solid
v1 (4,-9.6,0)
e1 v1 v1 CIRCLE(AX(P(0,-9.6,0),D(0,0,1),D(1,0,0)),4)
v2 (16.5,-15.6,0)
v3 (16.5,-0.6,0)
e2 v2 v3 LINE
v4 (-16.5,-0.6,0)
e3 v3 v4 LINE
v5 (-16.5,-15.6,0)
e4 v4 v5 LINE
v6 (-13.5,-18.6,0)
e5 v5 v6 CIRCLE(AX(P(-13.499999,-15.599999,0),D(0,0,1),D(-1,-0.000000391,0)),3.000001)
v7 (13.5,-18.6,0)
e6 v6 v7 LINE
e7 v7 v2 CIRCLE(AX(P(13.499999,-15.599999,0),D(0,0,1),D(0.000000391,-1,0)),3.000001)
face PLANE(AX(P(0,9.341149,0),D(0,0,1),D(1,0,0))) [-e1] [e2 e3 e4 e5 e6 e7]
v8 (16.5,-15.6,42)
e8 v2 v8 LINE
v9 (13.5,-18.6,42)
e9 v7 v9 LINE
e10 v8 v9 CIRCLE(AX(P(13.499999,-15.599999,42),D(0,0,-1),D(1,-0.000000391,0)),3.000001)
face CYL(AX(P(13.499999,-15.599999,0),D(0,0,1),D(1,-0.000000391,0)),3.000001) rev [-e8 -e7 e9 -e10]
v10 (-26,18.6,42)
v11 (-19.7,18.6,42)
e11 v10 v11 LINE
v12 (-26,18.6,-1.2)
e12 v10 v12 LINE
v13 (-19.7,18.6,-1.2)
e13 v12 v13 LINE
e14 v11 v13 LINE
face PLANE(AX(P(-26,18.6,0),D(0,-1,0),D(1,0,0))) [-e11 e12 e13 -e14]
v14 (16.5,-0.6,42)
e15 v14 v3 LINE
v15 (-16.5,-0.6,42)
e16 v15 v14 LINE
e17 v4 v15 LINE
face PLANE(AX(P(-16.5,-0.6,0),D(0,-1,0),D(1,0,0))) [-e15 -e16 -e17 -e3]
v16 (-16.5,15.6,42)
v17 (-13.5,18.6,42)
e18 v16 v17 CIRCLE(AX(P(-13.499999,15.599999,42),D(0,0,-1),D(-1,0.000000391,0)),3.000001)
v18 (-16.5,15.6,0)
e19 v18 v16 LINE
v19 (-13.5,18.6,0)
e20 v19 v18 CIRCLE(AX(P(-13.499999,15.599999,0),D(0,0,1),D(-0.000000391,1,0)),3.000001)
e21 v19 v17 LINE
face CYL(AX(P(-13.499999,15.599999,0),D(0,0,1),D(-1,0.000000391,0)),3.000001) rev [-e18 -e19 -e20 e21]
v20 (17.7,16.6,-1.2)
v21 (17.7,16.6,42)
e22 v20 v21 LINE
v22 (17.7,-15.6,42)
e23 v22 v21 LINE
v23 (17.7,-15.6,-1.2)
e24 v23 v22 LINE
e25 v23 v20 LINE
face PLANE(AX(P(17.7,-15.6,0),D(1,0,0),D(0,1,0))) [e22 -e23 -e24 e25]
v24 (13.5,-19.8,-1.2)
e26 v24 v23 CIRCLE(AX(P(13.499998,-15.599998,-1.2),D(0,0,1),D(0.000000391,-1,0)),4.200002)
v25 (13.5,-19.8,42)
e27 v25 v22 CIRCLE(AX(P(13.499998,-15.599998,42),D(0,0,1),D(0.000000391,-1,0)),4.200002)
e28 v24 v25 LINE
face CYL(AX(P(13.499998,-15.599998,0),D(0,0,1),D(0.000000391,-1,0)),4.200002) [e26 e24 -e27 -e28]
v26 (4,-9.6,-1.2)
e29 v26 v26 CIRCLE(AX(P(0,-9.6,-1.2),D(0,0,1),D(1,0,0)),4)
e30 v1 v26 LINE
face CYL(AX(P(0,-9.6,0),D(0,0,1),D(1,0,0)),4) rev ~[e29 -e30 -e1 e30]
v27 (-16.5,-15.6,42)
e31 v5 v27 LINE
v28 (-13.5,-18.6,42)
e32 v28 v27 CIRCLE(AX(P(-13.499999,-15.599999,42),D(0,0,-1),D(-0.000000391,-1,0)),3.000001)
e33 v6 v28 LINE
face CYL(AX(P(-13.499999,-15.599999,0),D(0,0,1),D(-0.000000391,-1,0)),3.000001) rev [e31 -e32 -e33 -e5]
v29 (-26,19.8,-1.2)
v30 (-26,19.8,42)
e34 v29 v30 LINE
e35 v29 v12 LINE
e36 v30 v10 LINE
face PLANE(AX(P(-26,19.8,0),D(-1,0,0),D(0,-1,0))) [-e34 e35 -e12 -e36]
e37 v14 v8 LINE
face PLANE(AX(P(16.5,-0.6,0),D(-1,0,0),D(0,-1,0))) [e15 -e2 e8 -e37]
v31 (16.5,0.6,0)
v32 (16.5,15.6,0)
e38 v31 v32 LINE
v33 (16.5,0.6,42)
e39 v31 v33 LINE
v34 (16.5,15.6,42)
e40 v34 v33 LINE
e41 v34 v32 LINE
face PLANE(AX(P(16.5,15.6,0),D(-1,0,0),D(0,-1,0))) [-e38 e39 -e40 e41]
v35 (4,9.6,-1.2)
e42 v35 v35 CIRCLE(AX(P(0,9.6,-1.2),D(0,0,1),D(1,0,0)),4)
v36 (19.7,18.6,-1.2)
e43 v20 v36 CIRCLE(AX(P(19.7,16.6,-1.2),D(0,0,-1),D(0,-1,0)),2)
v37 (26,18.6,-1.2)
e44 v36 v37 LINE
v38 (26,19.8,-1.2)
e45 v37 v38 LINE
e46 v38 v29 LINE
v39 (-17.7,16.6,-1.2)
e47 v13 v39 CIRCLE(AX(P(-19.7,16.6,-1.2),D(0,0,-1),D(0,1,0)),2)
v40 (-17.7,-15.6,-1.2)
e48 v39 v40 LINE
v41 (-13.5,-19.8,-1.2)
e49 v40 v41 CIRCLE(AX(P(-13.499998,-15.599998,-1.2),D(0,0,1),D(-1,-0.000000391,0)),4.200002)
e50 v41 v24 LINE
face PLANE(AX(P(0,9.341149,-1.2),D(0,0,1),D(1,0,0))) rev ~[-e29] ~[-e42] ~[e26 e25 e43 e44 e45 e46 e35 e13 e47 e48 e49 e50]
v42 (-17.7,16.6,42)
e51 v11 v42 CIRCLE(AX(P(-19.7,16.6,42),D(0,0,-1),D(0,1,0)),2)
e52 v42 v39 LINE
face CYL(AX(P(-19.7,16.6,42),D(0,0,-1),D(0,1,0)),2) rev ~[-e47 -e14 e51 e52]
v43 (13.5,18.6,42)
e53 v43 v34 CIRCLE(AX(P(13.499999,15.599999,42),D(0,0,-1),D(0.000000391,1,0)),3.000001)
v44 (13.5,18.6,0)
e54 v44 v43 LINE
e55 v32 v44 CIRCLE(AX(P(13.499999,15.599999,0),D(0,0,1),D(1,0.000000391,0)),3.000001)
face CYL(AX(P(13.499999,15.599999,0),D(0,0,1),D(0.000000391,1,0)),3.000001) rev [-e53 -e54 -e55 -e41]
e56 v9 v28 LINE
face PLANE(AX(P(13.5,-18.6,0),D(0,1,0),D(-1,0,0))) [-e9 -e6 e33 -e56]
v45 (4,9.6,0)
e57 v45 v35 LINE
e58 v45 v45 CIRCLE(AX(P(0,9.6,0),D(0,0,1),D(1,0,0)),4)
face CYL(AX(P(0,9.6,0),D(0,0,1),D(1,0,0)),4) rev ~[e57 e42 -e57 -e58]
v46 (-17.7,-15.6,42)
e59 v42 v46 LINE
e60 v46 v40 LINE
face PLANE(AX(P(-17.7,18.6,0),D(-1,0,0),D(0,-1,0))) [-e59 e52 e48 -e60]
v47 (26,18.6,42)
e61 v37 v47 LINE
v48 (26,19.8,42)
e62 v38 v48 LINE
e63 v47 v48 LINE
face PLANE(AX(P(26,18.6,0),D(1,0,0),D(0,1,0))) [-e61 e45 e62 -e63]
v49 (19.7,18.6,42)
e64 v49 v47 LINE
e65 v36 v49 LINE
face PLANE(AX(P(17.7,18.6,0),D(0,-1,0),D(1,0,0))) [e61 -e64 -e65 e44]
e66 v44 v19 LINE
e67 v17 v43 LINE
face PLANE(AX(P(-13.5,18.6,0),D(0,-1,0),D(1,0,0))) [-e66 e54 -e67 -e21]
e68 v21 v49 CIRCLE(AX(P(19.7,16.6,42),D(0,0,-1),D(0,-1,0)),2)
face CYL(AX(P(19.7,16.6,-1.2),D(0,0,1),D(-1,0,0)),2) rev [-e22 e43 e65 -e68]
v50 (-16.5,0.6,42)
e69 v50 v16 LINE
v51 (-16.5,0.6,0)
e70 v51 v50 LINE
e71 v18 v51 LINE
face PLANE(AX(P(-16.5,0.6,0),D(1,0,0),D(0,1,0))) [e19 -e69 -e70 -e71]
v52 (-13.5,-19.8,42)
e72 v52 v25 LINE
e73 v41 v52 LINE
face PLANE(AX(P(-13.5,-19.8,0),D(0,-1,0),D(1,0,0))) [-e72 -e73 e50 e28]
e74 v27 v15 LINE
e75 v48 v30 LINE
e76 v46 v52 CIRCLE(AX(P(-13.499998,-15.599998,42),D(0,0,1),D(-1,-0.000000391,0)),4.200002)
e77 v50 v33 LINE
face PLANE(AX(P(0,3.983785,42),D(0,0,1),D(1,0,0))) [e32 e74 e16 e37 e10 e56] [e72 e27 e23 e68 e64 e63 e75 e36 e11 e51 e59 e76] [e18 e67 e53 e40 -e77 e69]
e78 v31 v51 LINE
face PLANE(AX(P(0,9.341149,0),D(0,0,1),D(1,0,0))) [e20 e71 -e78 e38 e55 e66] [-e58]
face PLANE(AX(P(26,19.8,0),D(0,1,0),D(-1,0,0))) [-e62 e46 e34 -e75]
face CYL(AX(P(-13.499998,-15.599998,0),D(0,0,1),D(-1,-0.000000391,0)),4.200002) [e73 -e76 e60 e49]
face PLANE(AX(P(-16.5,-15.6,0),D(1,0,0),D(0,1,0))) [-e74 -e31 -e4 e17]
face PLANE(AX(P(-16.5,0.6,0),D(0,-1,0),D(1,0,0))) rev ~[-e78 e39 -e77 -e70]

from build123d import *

# Parameters (mm, degrees)
F0_W          = 33
F0_H          = 1.2
F1_DEPTH      = 42
F1_DEPTH_BACK = 1.2
F0_R          = 4
F2_DEPTH      = 1.2
F3_R          = 2


with BuildPart() as f1:
    # F0 (on Top) → F1 (new body, two sides)
    with BuildSketch(Plane.XY) as f1_sk:
        with BuildLine():
            Line((-17.7, 15.6), (-17.7, -15.6))
            ThreePointArc((-17.7, -15.6), (-16.469848, -18.569848), (-13.5, -19.8))
            Line((-13.5, -19.8), (13.5, -19.8))
            ThreePointArc((13.5, -19.8), (16.469848, -18.569848), (17.7, -15.6))
            Line((17.7, -15.6), (17.7, 15.6))
            Line((17.7, 15.6), (17.7, 18.6))
            Line((17.7, 18.6), (26, 18.6))
            Line((26, 18.6), (26, 19.8))
            Line((26, 19.8), (-26, 19.8))
            Line((-26, 19.8), (-26, 18.6))
            Line((-26, 18.6), (-17.7, 18.6))
            Line((-17.7, 18.6), (-17.7, 15.6))
        make_face()
        with BuildLine():
            ThreePointArc((16.5, -15.6), (15.62132, -17.72132), (13.5, -18.6))
            Line((13.5, -18.6), (-13.5, -18.6))
            ThreePointArc((-13.5, -18.6), (-15.62132, -17.72132), (-16.5, -15.6))
            Line((-16.5, -15.6), (-16.5, -0.6))
            Line((-16.5, -0.6), (-16.5, 0.6))
            Line((-16.5, 0.6), (-16.5, 15.6))
            ThreePointArc((-16.5, 15.6), (-15.62132, 17.72132), (-13.5, 18.6))
            Line((-13.5, 18.6), (13.5, 18.6))
            ThreePointArc((13.5, 18.6), (15.62132, 17.72132), (16.5, 15.6))
            Line((16.5, 15.6), (16.5, 0.6))
            Line((16.5, 0.6), (16.5, -0.6))
            Line((16.5, -0.6), (16.5, -15.6))
        make_face(mode=Mode.SUBTRACT)
        Rectangle(F0_W, F0_H)
    extrude(amount=F1_DEPTH)
    extrude(f1_sk.sketch, amount=-F1_DEPTH_BACK)

    # F0 (on Top) → F2 (join)
    with BuildSketch(Plane.XY):
        with BuildLine():
            Line((-16.5, 0.6), (16.5, 0.6))
            Line((16.5, 0.6), (16.5, 15.6))
            ThreePointArc((16.5, 15.6), (15.62132, 17.72132), (13.5, 18.6))
            Line((13.5, 18.6), (-13.5, 18.6))
            ThreePointArc((-13.5, 18.6), (-15.62132, 17.72132), (-16.5, 15.6))
            Line((-16.5, 15.6), (-16.5, 0.6))
        make_face()
        with Locations((0, 9.6)):
            Circle(F0_R, mode=Mode.SUBTRACT)
        Rectangle(F0_W, F0_H)
        with BuildLine():
            Line((-13.5, -18.6), (13.5, -18.6))
            ThreePointArc((13.5, -18.6), (15.62132, -17.72132), (16.5, -15.6))
            Line((16.5, -15.6), (16.5, -0.6))
            Line((16.5, -0.6), (-16.5, -0.6))
            Line((-16.5, -0.6), (-16.5, -15.6))
            ThreePointArc((-16.5, -15.6), (-15.62132, -17.72132), (-13.5, -18.6))
        make_face()
        with Locations((0, -9.6)):
            Circle(F0_R, mode=Mode.SUBTRACT)
    extrude(amount=-F2_DEPTH)

    # F3
    f3_edges = [f1.edges().sort_by_distance(p)[0] for p in [
        (-17.7, 18.6, 20.4),
        (17.7, 18.6, 20.4),
    ]]
    fillet(f3_edges, radius=F3_R)


solid = f1.part
